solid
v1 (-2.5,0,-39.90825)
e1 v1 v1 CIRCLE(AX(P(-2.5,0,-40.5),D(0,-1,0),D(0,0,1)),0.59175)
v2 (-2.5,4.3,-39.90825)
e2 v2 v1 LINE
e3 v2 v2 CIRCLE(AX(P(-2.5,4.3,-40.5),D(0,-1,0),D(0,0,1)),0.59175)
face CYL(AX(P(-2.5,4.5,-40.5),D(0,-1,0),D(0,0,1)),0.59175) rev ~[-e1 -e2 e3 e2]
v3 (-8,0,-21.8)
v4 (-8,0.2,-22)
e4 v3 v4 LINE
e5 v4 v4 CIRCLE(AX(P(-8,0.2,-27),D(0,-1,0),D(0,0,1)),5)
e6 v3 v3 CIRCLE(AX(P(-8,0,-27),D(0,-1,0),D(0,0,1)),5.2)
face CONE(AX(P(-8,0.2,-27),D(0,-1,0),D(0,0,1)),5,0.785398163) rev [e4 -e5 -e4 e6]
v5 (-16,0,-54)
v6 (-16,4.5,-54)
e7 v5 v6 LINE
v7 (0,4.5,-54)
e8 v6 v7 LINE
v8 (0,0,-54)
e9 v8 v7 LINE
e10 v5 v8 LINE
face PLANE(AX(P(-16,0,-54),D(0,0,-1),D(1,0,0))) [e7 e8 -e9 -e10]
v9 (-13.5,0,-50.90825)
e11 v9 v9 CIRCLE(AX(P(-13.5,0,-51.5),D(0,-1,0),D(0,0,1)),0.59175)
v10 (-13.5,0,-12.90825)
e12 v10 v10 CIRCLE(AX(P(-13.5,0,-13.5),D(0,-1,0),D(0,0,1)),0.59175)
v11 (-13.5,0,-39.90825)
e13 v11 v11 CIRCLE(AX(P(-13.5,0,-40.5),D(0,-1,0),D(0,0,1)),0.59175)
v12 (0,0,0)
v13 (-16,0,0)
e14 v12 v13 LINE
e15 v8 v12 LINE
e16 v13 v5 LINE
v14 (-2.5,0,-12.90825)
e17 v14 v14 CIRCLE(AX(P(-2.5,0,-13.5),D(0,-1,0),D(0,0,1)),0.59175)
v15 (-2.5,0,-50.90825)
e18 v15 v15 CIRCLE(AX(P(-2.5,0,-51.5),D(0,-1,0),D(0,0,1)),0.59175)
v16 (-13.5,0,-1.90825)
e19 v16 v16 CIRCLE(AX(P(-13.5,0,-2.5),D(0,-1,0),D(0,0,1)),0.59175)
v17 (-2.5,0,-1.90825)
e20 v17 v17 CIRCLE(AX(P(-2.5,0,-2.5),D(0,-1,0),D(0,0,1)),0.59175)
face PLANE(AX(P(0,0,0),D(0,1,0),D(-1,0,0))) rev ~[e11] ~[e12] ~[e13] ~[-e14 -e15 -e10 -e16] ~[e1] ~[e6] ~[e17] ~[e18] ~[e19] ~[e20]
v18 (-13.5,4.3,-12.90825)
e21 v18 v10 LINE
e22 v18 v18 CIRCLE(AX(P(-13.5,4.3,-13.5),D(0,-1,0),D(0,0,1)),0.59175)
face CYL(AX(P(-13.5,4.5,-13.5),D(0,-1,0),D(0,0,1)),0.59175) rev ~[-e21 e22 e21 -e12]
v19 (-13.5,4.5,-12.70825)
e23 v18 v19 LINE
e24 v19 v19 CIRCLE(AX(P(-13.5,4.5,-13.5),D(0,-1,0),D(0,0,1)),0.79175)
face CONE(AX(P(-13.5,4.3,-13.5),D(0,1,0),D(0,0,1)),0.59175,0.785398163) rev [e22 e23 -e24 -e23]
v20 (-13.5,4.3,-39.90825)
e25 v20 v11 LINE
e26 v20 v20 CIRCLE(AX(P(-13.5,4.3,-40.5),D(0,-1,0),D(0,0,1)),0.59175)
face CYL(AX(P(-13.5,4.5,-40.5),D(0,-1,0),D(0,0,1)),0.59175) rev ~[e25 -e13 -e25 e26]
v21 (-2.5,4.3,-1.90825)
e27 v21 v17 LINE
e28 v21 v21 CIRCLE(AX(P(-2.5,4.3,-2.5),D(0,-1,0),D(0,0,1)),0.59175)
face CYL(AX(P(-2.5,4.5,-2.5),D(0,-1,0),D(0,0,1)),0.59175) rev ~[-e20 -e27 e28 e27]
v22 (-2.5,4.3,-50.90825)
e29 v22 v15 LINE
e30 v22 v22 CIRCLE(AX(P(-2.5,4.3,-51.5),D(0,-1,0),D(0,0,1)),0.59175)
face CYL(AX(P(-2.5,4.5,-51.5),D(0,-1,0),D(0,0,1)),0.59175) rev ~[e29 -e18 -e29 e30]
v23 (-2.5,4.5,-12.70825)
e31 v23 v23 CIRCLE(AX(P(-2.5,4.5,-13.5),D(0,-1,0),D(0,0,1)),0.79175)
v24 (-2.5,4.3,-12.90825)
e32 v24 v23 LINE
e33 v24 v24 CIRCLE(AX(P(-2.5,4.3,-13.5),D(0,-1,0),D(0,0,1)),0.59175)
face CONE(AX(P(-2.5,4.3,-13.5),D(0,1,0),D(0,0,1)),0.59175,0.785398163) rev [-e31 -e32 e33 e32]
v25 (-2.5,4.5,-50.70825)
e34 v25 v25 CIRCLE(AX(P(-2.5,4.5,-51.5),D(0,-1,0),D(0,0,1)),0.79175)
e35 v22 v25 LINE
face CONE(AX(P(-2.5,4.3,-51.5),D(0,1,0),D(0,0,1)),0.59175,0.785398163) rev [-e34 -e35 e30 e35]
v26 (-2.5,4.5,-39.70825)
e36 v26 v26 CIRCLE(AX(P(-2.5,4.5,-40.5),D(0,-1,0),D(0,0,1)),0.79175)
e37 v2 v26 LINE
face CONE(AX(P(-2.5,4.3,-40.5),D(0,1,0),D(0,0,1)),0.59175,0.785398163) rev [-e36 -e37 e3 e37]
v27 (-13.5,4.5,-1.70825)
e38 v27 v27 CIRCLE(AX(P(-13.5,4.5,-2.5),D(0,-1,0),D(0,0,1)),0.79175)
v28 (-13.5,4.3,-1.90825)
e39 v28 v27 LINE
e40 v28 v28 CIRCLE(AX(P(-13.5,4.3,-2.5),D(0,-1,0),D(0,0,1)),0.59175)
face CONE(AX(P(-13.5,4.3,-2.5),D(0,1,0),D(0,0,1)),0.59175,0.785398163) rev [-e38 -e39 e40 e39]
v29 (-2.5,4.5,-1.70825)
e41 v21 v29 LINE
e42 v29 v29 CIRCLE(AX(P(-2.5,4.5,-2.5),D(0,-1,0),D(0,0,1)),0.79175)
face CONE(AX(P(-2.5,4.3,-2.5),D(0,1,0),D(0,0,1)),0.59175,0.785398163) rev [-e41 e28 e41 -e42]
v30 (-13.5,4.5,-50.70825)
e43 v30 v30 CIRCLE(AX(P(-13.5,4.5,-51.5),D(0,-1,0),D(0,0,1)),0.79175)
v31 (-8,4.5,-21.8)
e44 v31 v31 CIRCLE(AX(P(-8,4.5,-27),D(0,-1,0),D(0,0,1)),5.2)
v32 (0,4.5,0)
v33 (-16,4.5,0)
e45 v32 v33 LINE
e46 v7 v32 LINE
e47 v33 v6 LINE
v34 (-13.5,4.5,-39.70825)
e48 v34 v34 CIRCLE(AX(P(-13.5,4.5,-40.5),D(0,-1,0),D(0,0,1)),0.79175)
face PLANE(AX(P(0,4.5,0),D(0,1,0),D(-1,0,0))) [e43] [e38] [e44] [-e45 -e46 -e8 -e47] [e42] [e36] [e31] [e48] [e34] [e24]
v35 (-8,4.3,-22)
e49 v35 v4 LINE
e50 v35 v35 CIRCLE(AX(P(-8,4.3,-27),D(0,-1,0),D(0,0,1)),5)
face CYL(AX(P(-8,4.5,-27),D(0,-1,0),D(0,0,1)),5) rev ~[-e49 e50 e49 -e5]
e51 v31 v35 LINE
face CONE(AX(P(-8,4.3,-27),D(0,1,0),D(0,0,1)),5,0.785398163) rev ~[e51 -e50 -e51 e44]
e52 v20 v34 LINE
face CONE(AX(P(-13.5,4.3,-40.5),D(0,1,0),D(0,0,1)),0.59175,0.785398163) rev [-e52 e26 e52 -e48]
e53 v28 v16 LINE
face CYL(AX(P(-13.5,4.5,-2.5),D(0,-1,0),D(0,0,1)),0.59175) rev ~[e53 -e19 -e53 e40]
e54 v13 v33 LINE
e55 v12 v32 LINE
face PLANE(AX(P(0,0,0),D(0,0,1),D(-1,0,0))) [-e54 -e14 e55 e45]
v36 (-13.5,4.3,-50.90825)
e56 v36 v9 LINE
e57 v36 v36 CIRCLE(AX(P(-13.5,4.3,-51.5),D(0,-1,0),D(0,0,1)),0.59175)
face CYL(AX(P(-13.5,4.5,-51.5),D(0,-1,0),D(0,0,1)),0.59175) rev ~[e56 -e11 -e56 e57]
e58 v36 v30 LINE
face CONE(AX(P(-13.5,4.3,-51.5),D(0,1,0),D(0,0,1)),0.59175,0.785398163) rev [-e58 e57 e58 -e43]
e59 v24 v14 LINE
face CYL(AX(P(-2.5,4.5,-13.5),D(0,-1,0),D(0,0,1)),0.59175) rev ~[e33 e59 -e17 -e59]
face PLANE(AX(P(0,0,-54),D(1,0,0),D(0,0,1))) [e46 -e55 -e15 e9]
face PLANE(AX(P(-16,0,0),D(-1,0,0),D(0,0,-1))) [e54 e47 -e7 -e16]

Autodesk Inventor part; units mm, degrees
ref_plane "YZ Plane" through (0, 0, 0) normal (1, 0, 0) x (0, 1, 0)
ref_plane "XZ Plane" through (0, 0, 0) normal (0, 1, 0) x (-1, 0, 0)
ref_plane "XY Plane" through (0, 0, 0) normal (0, 0, 1) x (1, 0, 0)
sketch "Sketch1" plane through (0, 0, 0) normal (0, 1, 0) x (-1, 0, 0)
  line L0 (0, 0) -> (16, 0)
  line L1 (16, 0) -> (16, -54)
  line L2 (16, -54) -> (0, -54)
  line L3 (0, -54) -> (0, 0)
  dimension "d0" = 16
  dimension "d1" = 54
extrude "Extrusion1" add sketch "Sketch1" along normal blind 4.5
sketch "Sketch2" plane through (0, 4.5, 0) normal (0, 1, 0) x (1, 0, 0)
  line L0 (-16, 0) -> (0, 0) projected
  line L1 (0, 0) -> (0, 54) projected
  line L2 (0, 54) -> (-16, 54) projected
  line L3 (-16, 54) -> (-16, 0) projected
  line L4 (-16, 0) -> (0, 0) projected
  line L5 (0, 0) -> (0, 54) projected
  line L6 (-16, 0) -> (0, 54) construction
  line L7 (-16, 54) -> (-16, 0) construction
  line L8 (-16, 54) -> (0, 0) construction
  point P0 (-8, 27)
  point P1 (-8, 27)
hole "Hole1" at (-8, 4.5, -27) direction (0, -1, 0) diameter 10 end through all
chamfer "Chamfer1" distance 0.2 angle 45 2 edges at (-8, 0, -32) (-8, 4.5, -32)
sketch "Sketch3" plane through (0, 4.5, 0) normal (0, 1, 0) x (1, 0, 0)
  line L0 (0, 38) -> (-16, 38) construction
  line L1 (-16, 38) -> (-16, 54) construction
  line L2 (-16, 54) -> (0, 54) construction
  line L3 (0, 54) -> (0, 38) construction
  line L4 (0, 38) -> (-16, 54) construction
  line L5 (-16, 38) -> (0, 54) construction
  line L6 (-2.5, 51.5) -> (-13.5, 51.5) construction
  line L7 (-13.5, 51.5) -> (-13.5, 40.5) construction
  line L8 (-13.5, 40.5) -> (-2.5, 40.5) construction
  line L9 (-2.5, 40.5) -> (-2.5, 51.5) construction
  line L10 (-2.5, 51.5) -> (-13.5, 40.5) construction
  line L11 (-13.5, 51.5) -> (-2.5, 40.5) construction
  line L12 (0, 54) -> (-16, 54) construction
  line L13 (-16, 54) -> (-16, 0) construction
  line L14 (-16, 0) -> (0, 0) construction
  line L15 (0, 0) -> (0, 54) construction
  circle A0 centre (-8, 27) radius 5.2 construction
  line L16 (-16, 27) -> (0, 27) construction
  point P0 (-8, 46)
  point P1 (-2.5, 13.5)
  point P2 (-13.5, 13.5)
  point P3 (-13.5, 2.5)
  point P4 (-2.5, 2.5)
  dimension "d16" = 16
  dimension "d17" = 16
  dimension "d18" = 11
  dimension "d19" = 11
hole "Hole2" at (-2.5, 4.5, -40.5) at (-13.5, 4.5, -40.5) at (-13.5, 4.5, -51.5) at (-2.5, 4.5, -51.5) at (-13.5, 4.5, -2.5) at (-13.5, 4.5, -13.5) at (-2.5, 4.5, -13.5) at (-2.5, 4.5, -2.5) direction (0, -1, 0) diameter 1.1835 end through all thread size "M1.4x0.3" class "6H" standard "ISO Metric profile"
chamfer "Chamfer2" distance 0.2 angle 45 8 edges at (-2.5, 4.5, -52.0917) (-2.5, 4.5, -41.0917) (-13.5, 4.5, -52.0917) (-13.5, 4.5, -41.0917) (-2.5, 4.5, -14.0917) (-2.5, 4.5, -3.0917) (-13.5, 4.5, -14.0917) (-13.5, 4.5, -3.0917)
properties part number "KN-00-02-01" material "X5CrNi18-10"
